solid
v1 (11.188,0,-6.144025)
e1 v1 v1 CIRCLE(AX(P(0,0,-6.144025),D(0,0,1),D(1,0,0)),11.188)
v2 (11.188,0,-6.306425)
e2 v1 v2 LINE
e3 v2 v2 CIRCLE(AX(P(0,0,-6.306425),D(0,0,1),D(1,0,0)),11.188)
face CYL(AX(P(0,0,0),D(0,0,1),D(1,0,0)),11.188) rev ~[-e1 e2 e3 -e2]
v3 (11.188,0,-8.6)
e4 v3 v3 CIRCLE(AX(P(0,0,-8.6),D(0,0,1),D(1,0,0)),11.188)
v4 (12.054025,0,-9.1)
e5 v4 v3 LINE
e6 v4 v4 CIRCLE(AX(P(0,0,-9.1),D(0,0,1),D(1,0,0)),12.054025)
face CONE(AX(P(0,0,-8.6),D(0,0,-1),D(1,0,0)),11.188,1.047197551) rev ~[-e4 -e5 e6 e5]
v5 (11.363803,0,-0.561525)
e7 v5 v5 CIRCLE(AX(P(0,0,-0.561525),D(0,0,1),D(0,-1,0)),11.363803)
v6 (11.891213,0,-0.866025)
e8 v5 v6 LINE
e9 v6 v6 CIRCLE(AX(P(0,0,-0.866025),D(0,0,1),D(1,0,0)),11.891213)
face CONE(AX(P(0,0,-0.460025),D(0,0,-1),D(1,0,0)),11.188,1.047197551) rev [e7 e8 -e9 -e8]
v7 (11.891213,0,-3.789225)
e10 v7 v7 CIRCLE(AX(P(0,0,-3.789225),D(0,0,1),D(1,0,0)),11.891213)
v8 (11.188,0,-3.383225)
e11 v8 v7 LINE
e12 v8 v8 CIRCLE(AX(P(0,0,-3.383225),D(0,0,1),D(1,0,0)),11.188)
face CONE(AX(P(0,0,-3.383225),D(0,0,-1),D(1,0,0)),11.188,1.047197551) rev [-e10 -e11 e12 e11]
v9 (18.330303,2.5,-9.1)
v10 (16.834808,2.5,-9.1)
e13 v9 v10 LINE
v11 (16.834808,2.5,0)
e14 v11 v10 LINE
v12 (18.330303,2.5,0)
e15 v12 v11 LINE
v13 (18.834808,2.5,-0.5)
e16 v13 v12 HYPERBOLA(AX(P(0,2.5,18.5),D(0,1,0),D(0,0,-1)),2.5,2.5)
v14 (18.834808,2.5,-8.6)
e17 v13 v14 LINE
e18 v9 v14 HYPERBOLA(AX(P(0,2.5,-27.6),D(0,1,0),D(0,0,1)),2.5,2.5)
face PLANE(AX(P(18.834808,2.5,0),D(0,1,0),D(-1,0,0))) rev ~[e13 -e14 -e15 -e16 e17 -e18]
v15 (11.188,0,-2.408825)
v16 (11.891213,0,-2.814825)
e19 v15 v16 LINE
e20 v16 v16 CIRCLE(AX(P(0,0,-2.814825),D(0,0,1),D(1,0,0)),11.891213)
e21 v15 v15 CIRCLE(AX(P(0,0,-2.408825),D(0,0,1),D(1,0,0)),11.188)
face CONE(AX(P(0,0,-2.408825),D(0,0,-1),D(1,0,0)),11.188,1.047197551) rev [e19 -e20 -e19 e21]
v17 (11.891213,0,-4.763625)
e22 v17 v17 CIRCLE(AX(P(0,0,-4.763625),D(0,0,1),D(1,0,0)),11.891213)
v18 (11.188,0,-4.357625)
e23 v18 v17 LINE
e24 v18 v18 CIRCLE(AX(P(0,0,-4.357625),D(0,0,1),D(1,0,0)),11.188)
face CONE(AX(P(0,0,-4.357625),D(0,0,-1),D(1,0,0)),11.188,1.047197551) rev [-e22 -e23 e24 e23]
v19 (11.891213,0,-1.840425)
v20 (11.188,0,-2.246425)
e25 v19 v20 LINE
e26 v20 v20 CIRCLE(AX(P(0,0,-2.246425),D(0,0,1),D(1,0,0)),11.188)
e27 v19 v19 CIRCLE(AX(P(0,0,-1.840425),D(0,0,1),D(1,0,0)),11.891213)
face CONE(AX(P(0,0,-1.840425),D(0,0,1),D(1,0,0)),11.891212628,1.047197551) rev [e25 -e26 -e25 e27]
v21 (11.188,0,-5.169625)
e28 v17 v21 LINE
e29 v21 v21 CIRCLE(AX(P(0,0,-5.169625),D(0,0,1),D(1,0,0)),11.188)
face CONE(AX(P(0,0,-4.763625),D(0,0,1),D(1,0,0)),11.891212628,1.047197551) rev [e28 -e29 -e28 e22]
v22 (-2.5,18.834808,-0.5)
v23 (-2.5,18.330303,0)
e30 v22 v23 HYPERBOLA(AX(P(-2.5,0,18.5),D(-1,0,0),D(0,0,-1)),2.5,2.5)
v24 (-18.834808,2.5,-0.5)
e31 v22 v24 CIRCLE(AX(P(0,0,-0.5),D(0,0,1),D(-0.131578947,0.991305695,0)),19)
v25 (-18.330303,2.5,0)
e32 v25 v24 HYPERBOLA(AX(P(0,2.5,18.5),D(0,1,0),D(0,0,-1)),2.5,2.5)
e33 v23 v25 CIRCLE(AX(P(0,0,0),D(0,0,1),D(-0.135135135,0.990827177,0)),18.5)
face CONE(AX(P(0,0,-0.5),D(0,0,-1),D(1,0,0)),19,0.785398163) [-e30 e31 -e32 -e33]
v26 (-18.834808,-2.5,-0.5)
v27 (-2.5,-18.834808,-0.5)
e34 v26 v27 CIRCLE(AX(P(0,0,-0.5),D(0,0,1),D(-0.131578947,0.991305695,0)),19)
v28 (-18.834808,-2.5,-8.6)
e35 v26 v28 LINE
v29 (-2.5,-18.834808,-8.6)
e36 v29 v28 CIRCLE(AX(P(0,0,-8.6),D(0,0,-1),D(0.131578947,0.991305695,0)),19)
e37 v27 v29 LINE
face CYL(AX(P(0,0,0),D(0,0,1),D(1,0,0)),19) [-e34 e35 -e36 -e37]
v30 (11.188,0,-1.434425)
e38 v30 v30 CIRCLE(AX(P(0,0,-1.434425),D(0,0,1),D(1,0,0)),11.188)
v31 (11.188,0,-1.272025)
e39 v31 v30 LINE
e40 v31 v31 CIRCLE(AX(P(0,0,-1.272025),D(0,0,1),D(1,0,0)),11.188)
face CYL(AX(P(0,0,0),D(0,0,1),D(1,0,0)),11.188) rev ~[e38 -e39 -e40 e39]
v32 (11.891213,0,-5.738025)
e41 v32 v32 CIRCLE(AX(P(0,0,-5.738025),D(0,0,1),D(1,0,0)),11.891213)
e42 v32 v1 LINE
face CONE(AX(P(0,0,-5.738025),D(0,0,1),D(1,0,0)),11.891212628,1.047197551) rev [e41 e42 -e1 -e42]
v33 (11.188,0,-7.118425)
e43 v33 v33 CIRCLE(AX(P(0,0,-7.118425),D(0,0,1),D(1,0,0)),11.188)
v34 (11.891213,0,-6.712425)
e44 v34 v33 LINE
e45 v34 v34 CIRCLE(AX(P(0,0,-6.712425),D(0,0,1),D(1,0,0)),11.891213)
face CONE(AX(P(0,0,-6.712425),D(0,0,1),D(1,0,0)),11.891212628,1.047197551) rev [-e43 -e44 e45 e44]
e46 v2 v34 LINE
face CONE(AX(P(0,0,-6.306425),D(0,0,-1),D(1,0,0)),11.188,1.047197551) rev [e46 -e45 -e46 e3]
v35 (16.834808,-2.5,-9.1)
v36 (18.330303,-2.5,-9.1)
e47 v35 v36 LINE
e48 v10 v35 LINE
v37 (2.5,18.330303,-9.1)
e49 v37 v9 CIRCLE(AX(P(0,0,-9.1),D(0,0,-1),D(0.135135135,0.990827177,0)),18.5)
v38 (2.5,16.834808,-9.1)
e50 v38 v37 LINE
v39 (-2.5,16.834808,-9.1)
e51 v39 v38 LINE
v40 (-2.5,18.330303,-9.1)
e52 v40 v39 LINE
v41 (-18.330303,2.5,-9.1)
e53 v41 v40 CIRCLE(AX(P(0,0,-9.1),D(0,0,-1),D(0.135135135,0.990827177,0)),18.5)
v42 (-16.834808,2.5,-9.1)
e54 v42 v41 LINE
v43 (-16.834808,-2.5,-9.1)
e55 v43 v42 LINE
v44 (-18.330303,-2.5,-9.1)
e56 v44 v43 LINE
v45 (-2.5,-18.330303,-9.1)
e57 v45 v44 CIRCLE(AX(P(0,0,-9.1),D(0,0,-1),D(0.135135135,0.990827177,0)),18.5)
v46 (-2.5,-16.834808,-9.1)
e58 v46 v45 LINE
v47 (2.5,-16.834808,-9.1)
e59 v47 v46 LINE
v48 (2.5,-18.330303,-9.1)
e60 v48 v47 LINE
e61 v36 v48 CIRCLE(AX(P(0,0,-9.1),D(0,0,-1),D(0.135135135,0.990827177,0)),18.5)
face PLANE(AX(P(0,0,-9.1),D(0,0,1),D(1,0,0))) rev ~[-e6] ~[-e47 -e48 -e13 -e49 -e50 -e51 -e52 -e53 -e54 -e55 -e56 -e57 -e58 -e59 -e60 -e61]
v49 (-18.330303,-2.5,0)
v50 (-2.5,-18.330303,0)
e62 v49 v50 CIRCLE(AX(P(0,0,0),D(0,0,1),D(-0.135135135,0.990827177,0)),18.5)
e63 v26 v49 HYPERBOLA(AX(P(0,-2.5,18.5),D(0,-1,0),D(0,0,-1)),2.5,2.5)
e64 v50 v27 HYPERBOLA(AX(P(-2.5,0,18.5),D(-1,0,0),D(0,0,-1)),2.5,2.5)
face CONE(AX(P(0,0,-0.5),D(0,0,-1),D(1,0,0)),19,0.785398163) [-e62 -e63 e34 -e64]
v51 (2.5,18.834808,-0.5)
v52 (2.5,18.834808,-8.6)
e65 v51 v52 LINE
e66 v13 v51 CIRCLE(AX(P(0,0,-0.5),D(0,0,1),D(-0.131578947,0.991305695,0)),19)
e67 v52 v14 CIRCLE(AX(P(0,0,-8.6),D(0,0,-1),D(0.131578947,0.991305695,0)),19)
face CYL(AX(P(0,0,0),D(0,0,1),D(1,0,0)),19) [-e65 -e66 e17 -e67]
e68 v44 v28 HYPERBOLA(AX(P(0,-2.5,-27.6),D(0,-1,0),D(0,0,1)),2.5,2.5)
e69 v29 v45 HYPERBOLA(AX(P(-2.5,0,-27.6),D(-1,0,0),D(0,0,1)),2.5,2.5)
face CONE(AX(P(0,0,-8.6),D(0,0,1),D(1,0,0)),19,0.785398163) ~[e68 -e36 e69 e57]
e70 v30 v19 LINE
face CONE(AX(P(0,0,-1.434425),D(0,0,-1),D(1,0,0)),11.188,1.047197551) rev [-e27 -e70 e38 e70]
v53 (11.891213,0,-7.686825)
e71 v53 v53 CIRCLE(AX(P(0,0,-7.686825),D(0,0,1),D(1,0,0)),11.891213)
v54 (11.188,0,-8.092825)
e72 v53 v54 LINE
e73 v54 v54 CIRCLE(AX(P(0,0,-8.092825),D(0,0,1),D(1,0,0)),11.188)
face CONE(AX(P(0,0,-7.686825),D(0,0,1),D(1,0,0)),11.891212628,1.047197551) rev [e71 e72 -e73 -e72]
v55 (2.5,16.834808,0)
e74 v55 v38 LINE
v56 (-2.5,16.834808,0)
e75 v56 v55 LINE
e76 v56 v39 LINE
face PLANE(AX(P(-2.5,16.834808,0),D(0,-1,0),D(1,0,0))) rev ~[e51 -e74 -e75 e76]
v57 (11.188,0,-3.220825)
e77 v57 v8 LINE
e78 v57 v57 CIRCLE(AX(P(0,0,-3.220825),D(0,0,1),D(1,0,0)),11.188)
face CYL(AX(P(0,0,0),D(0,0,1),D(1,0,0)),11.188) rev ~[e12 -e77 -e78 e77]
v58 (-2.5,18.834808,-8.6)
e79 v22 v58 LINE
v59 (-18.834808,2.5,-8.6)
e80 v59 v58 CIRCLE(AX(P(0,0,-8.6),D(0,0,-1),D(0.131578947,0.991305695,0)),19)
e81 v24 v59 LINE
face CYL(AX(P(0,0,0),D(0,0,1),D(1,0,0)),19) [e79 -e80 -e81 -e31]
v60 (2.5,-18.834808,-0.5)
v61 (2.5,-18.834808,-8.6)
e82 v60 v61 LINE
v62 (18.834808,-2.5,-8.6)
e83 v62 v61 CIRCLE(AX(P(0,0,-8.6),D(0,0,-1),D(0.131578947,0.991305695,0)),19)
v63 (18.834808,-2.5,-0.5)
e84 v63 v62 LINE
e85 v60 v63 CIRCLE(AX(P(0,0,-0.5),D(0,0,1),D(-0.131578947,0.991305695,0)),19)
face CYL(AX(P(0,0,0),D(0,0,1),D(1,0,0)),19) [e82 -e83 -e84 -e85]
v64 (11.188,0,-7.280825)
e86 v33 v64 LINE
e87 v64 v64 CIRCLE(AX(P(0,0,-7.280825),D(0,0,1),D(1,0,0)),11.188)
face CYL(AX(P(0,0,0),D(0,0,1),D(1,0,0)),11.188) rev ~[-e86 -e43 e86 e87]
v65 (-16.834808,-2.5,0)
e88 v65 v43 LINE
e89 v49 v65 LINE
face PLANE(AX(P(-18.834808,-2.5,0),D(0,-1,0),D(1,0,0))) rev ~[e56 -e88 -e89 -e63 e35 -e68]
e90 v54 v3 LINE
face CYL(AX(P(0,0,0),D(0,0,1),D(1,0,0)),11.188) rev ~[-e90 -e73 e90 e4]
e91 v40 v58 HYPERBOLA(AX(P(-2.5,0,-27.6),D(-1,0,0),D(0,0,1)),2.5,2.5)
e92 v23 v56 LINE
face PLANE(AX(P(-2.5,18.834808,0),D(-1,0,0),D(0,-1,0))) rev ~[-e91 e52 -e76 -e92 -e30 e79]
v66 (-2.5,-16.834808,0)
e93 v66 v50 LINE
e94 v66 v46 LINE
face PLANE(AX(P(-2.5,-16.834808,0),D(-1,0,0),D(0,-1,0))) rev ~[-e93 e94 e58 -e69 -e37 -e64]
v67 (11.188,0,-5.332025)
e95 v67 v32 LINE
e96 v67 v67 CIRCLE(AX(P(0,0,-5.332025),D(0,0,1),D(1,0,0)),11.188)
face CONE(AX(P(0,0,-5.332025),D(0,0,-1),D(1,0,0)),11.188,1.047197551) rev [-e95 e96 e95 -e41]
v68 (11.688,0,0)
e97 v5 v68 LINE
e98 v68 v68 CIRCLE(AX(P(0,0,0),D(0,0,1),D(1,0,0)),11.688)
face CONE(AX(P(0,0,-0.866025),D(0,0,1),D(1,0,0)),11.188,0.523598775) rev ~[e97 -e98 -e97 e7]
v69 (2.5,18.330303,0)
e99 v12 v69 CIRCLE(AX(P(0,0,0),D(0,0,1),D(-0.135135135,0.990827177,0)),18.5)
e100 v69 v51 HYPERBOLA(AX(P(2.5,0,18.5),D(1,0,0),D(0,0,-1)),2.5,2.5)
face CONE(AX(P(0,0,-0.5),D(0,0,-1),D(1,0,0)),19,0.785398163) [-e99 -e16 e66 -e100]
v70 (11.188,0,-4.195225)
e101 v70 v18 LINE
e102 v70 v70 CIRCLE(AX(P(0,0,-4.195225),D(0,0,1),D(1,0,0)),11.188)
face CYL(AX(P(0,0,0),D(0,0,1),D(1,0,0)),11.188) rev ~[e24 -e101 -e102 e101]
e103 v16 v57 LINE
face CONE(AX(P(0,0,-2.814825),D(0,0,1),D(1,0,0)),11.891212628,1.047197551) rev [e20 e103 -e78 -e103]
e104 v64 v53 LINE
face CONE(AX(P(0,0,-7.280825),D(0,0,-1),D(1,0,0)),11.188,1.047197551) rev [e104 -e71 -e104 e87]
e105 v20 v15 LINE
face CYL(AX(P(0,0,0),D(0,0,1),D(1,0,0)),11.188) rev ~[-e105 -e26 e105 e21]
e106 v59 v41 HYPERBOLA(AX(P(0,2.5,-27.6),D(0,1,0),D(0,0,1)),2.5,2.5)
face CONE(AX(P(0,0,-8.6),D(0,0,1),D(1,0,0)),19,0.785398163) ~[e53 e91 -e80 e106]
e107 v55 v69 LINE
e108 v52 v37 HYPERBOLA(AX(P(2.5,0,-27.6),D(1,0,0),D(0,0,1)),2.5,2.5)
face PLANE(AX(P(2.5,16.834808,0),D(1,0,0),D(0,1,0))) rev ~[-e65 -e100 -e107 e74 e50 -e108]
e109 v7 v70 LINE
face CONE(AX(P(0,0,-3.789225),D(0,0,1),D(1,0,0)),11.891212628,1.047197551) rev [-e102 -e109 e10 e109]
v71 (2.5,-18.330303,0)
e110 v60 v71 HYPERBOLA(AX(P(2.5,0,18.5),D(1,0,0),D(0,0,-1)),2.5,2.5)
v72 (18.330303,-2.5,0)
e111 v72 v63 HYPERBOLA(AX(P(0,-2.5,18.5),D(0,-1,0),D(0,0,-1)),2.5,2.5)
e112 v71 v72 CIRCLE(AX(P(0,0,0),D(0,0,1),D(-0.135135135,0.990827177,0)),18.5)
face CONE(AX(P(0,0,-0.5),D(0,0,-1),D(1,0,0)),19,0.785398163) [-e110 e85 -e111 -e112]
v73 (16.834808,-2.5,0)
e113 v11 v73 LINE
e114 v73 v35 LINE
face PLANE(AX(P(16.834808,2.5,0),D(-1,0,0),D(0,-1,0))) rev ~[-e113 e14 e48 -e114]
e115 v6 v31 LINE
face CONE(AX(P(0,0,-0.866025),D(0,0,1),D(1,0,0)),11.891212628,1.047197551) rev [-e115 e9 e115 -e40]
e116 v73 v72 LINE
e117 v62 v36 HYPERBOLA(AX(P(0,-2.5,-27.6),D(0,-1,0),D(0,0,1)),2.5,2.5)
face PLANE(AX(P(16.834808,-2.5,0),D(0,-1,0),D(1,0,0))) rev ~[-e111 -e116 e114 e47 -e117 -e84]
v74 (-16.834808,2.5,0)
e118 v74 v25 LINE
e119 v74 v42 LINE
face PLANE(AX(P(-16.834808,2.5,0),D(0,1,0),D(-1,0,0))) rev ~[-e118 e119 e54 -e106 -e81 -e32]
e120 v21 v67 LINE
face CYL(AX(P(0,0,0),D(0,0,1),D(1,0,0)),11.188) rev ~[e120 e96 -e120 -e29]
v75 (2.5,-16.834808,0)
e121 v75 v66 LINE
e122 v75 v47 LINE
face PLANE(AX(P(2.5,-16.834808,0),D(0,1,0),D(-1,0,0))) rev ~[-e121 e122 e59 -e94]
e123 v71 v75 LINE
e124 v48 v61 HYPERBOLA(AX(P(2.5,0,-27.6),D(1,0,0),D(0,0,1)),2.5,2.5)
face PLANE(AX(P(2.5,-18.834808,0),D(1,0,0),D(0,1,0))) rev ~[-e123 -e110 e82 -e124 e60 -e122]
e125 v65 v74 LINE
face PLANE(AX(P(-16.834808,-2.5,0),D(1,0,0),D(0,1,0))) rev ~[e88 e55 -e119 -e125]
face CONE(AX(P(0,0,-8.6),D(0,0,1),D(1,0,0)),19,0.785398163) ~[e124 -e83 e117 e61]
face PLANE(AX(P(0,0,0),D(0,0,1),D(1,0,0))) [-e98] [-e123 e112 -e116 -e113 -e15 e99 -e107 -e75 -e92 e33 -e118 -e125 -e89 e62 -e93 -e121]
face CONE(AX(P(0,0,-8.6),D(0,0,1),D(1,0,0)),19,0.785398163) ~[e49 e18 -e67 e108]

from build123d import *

# Parameters (mm, degrees)
SKETCH2_R               = 19
BASENUT_DEPTH           = 9.1
CHAMFER1_SIZE           = 0.5
SKETCH3_R               = 11.188
HOLE_DEPTH              = 10.1
ENDCHAMFER_SIZE2        = 0.5
ENDCHAMFER_SIZE         = 0.866025404
ENDCHAMFER_EDGE_2_SIZE2 = 0.5
ENDCHAMFER_EDGE_2_SIZE  = 0.866025404
SLOTCUT_DEPTH           = 10.1
SLOTPAT_COUNT           = 4
LPATTERN10_COUNT        = 8
LPATTERN10_PITCH        = 0.9744


with BuildPart() as part:
    # Sketch2 → BaseNut (new body)
    with BuildSketch(Plane.XY):
        Circle(SKETCH2_R)
    extrude(amount=-BASENUT_DEPTH)

    # Chamfer1
    chamfer1_edges = [part.edges().sort_by_distance(p)[0] for p in [
        (-19, 0, 0),
        (-19, 0, -9.1),
    ]]
    chamfer(chamfer1_edges, length=CHAMFER1_SIZE)

    # Sketch3 → Hole (cut, through all)
    with BuildSketch(Plane(origin=(-17.561722019, 31.682666601, 0), x_dir=(1, 0, 0), z_dir=(0, 0, 1))):
        with Locations((17.561722019, -31.682666601)):
            Circle(SKETCH3_R)
    extrude(amount=-HOLE_DEPTH, mode=Mode.SUBTRACT)

    # EndChamfer
    endchamfer_edges = [part.edges().sort_by_distance(p)[0] for p in [
        (-11.188, 0, -9.1),
    ]]
    chamfer(endchamfer_edges, length=ENDCHAMFER_SIZE, length2=ENDCHAMFER_SIZE2)

    # EndChamfer edge 2
    endchamfer_edge_2_edges = [part.edges().sort_by_distance(p)[0] for p in [
        (-11.188, 0, 0),
    ]]
    chamfer(endchamfer_edge_2_edges, length=ENDCHAMFER_EDGE_2_SIZE, length2=ENDCHAMFER_EDGE_2_SIZE2)

    # Sketch4 → SlotCut (cut, through all)
    with BuildSketch(Plane(origin=(-28.84840977, 49.266341409, 0), x_dir=(1, 0, 0), z_dir=(0, 0, 1))):
        with BuildLine():
            Line((26.34840977, -30.431533207), (26.34840977, -32.431533207))
            Line((26.34840977, -32.431533207), (31.34840977, -32.431533207))
            Line((31.34840977, -32.431533207), (31.34840977, -30.431533207))
            ThreePointArc((31.34840977, -30.431533207), (28.84840977, -30.266341409), (26.34840977, -30.431533207))
        make_face()
    slotcut = extrude(amount=-SLOTCUT_DEPTH, mode=Mode.SUBTRACT)

    # SlotPat: SlotCut ×4 about axis
    slotpat_axis = Axis((0, 0, 0), (0, 0, 1))
    for i in range(1, SLOTPAT_COUNT):
        add(slotcut.rotate(slotpat_axis, i * 360 / SLOTPAT_COUNT), mode=Mode.SUBTRACT)

    # Sketch5 → Cut-Revolve10 (revolve, cut)
    with BuildSketch(Plane(origin=(0, 0, 0), x_dir=(1, 0, 0), z_dir=(0, 1, 0))):
        Polygon((10.376, 1.272025404), (10.376, 0.460025404), (11.188, 0.460025404), (11.891212628, 0.866025404), (11.188, 1.272025404), align=None)
    cut_revolve10 = revolve(axis=Axis((0, 0, -37.301805437), (0, 0, 1)), mode=Mode.SUBTRACT)

    # LPattern10: Cut-Revolve10 ×8
    with Locations(*[(0, 0, -i * LPATTERN10_PITCH) for i in range(1, LPATTERN10_COUNT)]):
        add(cut_revolve10, mode=Mode.SUBTRACT)


solid = part.part
